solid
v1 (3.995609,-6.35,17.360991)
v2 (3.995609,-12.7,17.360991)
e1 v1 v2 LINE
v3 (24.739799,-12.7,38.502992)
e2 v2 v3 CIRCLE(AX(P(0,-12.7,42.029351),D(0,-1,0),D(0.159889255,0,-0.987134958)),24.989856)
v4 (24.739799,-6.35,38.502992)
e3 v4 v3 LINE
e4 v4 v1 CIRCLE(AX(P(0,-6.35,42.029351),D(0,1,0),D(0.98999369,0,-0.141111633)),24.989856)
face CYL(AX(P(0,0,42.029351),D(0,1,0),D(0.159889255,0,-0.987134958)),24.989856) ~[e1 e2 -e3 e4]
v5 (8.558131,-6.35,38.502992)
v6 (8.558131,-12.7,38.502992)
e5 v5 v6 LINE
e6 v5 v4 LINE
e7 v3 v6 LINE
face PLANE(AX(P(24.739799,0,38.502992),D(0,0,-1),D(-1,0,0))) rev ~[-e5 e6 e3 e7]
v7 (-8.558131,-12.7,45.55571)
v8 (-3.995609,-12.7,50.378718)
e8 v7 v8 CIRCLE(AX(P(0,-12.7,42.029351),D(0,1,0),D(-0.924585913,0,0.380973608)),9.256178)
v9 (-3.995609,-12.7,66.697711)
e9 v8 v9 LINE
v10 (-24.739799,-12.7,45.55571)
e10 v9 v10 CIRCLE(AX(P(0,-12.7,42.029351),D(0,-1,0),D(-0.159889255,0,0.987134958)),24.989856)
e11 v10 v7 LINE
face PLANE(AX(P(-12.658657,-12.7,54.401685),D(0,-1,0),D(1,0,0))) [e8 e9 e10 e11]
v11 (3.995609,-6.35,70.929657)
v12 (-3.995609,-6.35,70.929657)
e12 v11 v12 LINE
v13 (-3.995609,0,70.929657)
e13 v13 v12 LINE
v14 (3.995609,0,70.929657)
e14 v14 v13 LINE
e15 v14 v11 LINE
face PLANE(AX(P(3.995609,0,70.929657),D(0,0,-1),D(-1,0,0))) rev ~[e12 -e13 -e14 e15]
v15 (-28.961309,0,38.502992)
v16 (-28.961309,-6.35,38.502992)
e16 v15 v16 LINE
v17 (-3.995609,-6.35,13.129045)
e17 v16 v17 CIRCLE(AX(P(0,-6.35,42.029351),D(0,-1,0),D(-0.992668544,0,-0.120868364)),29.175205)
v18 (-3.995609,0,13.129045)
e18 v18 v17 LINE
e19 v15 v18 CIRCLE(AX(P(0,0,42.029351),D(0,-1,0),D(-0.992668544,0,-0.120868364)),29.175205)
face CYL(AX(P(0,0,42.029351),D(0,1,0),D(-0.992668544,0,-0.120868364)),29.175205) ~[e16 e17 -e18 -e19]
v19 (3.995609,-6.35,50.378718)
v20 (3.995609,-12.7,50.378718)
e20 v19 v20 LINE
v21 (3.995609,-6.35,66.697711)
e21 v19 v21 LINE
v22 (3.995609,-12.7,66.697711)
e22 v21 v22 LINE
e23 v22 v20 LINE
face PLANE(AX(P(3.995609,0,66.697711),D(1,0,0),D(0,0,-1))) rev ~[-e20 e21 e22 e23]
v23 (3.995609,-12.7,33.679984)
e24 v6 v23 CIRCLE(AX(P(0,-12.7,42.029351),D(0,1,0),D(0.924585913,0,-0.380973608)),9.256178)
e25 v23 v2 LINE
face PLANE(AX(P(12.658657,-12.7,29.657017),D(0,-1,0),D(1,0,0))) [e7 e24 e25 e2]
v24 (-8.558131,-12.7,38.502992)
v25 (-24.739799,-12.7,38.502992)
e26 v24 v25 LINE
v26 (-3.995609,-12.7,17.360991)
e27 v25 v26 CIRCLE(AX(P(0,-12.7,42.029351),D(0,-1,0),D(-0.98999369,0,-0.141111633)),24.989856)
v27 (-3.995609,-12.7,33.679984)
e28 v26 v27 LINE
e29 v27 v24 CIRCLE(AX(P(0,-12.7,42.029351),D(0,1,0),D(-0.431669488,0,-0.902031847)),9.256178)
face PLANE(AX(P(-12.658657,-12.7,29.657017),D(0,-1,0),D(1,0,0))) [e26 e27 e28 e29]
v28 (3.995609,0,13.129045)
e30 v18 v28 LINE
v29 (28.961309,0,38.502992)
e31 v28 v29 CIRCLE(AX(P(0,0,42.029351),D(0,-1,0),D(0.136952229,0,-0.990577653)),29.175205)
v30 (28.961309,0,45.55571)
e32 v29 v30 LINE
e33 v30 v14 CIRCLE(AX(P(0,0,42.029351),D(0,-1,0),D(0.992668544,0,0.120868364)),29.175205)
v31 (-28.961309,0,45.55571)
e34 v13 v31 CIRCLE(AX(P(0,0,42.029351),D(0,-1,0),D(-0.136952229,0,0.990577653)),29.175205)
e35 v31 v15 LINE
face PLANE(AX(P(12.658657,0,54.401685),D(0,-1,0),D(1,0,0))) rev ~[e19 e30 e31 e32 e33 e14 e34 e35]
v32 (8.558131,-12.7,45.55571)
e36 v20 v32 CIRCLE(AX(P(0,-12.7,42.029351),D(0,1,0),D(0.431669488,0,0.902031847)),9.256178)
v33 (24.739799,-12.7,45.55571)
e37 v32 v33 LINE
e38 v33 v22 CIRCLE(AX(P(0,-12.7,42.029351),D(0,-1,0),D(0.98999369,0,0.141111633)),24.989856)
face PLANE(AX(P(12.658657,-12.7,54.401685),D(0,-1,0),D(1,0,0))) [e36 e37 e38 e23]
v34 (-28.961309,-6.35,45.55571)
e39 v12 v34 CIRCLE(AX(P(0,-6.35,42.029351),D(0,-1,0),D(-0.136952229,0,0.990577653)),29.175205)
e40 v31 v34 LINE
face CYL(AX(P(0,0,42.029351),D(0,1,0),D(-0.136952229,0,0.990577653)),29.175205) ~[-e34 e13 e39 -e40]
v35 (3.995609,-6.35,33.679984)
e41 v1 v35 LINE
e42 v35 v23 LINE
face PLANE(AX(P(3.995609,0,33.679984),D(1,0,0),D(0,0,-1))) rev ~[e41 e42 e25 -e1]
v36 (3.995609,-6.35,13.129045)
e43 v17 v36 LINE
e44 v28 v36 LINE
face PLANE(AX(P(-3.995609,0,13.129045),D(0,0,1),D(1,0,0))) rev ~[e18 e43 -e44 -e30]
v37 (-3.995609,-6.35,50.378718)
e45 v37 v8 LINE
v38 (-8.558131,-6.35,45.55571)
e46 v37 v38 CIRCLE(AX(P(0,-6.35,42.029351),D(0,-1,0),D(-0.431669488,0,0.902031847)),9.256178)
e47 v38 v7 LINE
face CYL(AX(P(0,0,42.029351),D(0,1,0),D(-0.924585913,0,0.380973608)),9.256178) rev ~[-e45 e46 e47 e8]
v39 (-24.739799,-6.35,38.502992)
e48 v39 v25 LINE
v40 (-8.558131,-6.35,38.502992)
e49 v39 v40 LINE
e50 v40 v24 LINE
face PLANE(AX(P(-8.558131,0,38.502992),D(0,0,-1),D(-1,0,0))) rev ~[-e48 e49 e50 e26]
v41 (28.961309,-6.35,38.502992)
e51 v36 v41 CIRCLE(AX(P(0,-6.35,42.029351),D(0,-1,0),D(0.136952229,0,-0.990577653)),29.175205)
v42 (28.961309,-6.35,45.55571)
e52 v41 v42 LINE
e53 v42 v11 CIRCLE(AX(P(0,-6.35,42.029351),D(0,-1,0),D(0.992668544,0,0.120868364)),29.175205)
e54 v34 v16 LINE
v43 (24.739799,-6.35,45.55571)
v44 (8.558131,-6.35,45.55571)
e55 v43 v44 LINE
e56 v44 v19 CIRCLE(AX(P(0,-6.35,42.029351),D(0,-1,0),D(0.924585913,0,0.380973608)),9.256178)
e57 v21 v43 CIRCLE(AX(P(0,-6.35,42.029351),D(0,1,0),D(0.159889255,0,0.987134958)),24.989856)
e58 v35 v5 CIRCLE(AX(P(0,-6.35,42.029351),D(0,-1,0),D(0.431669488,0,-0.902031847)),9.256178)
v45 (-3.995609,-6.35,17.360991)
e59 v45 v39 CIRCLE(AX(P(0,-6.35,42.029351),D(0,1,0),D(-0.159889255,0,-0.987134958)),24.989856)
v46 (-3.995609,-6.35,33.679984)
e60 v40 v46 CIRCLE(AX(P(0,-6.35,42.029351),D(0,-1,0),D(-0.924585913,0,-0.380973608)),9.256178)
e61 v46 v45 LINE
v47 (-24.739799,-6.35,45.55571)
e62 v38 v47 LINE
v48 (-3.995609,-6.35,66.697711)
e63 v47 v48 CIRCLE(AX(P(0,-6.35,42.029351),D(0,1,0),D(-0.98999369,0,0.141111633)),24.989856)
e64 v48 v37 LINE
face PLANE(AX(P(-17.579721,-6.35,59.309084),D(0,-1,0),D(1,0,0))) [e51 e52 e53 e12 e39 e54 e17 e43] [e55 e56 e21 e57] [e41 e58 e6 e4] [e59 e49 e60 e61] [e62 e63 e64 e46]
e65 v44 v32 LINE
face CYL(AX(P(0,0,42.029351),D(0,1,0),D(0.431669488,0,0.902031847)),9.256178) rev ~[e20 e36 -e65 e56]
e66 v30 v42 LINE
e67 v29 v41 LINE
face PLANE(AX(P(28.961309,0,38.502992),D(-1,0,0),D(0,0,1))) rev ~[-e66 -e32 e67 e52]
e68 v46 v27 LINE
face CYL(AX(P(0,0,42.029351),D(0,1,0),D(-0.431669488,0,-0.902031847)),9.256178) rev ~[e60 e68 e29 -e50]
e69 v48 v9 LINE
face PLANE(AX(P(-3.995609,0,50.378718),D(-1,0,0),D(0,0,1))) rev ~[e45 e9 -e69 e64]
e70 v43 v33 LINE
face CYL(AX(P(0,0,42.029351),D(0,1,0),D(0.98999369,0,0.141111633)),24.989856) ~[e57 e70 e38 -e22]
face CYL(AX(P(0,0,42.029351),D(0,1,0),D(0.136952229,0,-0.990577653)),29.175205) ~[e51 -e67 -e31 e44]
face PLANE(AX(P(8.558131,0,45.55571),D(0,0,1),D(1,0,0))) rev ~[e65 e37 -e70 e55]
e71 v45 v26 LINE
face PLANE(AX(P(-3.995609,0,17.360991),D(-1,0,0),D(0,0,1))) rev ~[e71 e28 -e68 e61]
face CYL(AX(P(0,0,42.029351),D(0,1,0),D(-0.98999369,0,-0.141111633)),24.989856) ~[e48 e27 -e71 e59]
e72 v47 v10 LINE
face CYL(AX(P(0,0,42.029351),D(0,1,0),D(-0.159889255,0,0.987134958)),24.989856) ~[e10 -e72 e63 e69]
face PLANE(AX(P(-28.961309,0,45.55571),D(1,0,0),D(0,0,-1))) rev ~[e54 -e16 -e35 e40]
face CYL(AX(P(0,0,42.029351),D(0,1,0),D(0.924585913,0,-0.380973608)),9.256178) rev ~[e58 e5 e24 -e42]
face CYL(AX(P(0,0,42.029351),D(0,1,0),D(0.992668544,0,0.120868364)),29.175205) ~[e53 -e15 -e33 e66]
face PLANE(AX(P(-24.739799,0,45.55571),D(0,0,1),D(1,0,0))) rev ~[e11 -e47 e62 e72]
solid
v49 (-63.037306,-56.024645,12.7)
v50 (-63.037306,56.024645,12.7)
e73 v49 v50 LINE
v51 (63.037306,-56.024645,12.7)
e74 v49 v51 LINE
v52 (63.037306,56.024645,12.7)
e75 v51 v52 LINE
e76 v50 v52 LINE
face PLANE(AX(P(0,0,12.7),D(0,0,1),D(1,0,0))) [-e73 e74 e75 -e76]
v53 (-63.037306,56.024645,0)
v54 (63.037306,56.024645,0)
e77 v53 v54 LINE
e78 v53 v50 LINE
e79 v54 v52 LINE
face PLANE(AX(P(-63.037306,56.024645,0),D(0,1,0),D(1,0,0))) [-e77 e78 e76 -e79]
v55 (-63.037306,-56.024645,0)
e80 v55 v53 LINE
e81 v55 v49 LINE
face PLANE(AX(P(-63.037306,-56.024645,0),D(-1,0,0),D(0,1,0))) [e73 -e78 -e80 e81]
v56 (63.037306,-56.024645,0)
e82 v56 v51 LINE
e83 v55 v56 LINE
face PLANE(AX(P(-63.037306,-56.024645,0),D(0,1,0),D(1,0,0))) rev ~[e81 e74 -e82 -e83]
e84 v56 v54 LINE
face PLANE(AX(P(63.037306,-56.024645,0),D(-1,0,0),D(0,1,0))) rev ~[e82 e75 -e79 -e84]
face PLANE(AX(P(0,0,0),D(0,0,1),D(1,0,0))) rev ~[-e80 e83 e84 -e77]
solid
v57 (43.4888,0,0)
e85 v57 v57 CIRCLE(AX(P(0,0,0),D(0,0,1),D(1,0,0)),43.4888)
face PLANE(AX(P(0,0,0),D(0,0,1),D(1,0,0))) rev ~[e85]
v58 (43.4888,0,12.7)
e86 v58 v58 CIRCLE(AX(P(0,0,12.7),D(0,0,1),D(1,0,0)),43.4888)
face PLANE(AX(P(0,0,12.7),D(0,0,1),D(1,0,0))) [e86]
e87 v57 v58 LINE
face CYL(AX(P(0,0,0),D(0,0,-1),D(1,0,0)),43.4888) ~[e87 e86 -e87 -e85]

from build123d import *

# Parameters (mm, degrees)
F0_W     = 126.0746121407
F0_H     = 112.0492890477
F0_R     = 43.4887997988
F1_DEPTH = 12.7
F2_W     = 7.9912188114
F2_H     = 7.0527186902
F3_DEPTH = 6.35
F4_DEPTH = 6.35
F5_DEPTH = 12.7
F6_DEPTH = 6.35
F7_DEPTH = 12.7


with BuildPart() as f1:
    # F0 (on Top) → F1 (new body)
    with BuildSketch(Plane.XY):
        Rectangle(F0_W, F0_H)
        Circle(F0_R, mode=Mode.SUBTRACT)
        Circle(F0_R)
    extrude(amount=F1_DEPTH)


with BuildPart() as f3:
    # F2 (on Front) → F3 (new body)
    with BuildSketch(Plane.XZ):
        with BuildLine():
            Line((-3.9956094057, 66.6977111369), (-3.9956094057, 70.9296574744))
            ThreePointArc((-3.9956094057, 70.9296574744), (-20.7966081428, 62.4913572227), (-28.961308652, 45.5557103411))
            Line((-28.961308652, 45.5557103411), (-24.73979944, 45.5557103411))
            ThreePointArc((-24.73979944, 45.5557103411), (-17.8375160769, 59.5312339452), (-3.9956094057, 66.6977111369))
        make_face()
        with BuildLine():
            ThreePointArc((-28.961308652, 38.5029916509), (-20.7966081428, 21.5673447693), (-3.9956094057, 13.1290445176))
            Line((-3.9956094057, 13.1290445176), (-3.9956094057, 17.3609908552))
            ThreePointArc((-3.9956094057, 17.3609908552), (-17.8375160769, 24.5274680468), (-24.73979944, 38.5029916509))
            Line((-24.73979944, 38.5029916509), (-28.961308652, 38.5029916509))
        make_face()
        with BuildLine():
            Line((-24.73979944, 45.5557103411), (-28.961308652, 45.5557103411))
            Line((-28.961308652, 45.5557103411), (-28.961308652, 38.5029916509))
            Line((-28.961308652, 38.5029916509), (-24.73979944, 38.5029916509))
            ThreePointArc((-24.73979944, 38.5029916509), (-24.9898556731, 42.029350996), (-24.73979944, 45.5557103411))
        make_face()
        with BuildLine():
            Line((-3.9956094057, 13.1290445176), (3.9956094057, 13.1290445176))
            Line((3.9956094057, 13.1290445176), (3.9956094057, 17.3609908552))
            ThreePointArc((3.9956094057, 17.3609908552), (0, 17.0394953229), (-3.9956094057, 17.3609908552))
            Line((-3.9956094057, 17.3609908552), (-3.9956094057, 13.1290445176))
        make_face()
        with BuildLine():
            ThreePointArc((3.9956094057, 13.1290445176), (20.7966081428, 21.5673447693), (28.961308652, 38.5029916509))
            Line((28.961308652, 38.5029916509), (24.73979944, 38.5029916509))
            ThreePointArc((24.73979944, 38.5029916509), (17.8375160769, 24.5274680468), (3.9956094057, 17.3609908552))
            Line((3.9956094057, 17.3609908552), (3.9956094057, 13.1290445176))
        make_face()
        with BuildLine():
            Line((24.73979944, 45.5557103411), (28.961308652, 45.5557103411))
            ThreePointArc((28.961308652, 45.5557103411), (20.7966081428, 62.4913572227), (3.9956094057, 70.9296574744))
            Line((3.9956094057, 70.9296574744), (3.9956094057, 66.6977111369))
            ThreePointArc((3.9956094057, 66.6977111369), (17.8375160769, 59.5312339452), (24.73979944, 45.5557103411))
        make_face()
        with BuildLine():
            Line((3.9956094057, 66.6977111369), (3.9956094057, 70.9296574744))
            Line((3.9956094057, 70.9296574744), (-3.9956094057, 70.9296574744))
            Line((-3.9956094057, 70.9296574744), (-3.9956094057, 66.6977111369))
            ThreePointArc((-3.9956094057, 66.6977111369), (0, 67.0192066691), (3.9956094057, 66.6977111369))
        make_face()
        with BuildLine():
            Line((28.961308652, 38.5029916509), (28.961308652, 45.5557103411))
            Line((28.961308652, 45.5557103411), (24.73979944, 45.5557103411))
            ThreePointArc((24.73979944, 45.5557103411), (24.9272632267, 43.796958019), (24.9898556731, 42.029350996))
            ThreePointArc((24.9898556731, 42.029350996), (24.9272632267, 40.2617439731), (24.73979944, 38.5029916509))
            Line((24.73979944, 38.5029916509), (28.961308652, 38.5029916509))
        make_face()
        with BuildLine():
            Line((3.9956094057, 50.3787178999), (3.9956094057, 66.6977111369))
            ThreePointArc((3.9956094057, 66.6977111369), (0, 67.0192066691), (-3.9956094057, 66.6977111369))
            Line((-3.9956094057, 66.6977111369), (-3.9956094057, 50.3787178999))
            ThreePointArc((-3.9956094057, 50.3787178999), (0, 51.2855285126), (3.9956094057, 50.3787178999))
        make_face()
        with BuildLine():
            Line((3.9956094057, 45.5557103411), (3.9956094057, 50.3787178999))
            ThreePointArc((3.9956094057, 50.3787178999), (0, 51.2855285126), (-3.9956094057, 50.3787178999))
            Line((-3.9956094057, 50.3787178999), (-3.9956094057, 45.5557103411))
            Line((-3.9956094057, 45.5557103411), (3.9956094057, 45.5557103411))
        make_face()
        with Locations((0, 42.029350996)):
            Rectangle(F2_W, F2_H)
        with BuildLine():
            ThreePointArc((-3.9956094057, 33.6799840921), (0, 32.7731734794), (3.9956094057, 33.6799840921))
            Line((3.9956094057, 33.6799840921), (3.9956094057, 38.5029916509))
            Line((3.9956094057, 38.5029916509), (-3.9956094057, 38.5029916509))
            Line((-3.9956094057, 38.5029916509), (-3.9956094057, 33.6799840921))
        make_face()
        with BuildLine():
            ThreePointArc((9.2561775166, 42.029350996), (9.0799891269, 43.8267434614), (8.5581313374, 45.5557103411))
            Line((8.5581313374, 45.5557103411), (3.9956094057, 45.5557103411))
            Line((3.9956094057, 45.5557103411), (3.9956094057, 38.5029916509))
            Line((3.9956094057, 38.5029916509), (8.5581313374, 38.5029916509))
            ThreePointArc((8.5581313374, 38.5029916509), (9.0799891269, 40.2319585306), (9.2561775166, 42.029350996))
        make_face()
        with BuildLine():
            Line((3.9956094057, 45.5557103411), (8.5581313374, 45.5557103411))
            ThreePointArc((8.5581313374, 45.5557103411), (6.7241692527, 48.3903548539), (3.9956094057, 50.3787178999))
            Line((3.9956094057, 50.3787178999), (3.9956094057, 45.5557103411))
        make_face()
        with BuildLine():
            ThreePointArc((3.9956094057, 33.6799840921), (6.7241692527, 35.6683471382), (8.5581313374, 38.5029916509))
            Line((8.5581313374, 38.5029916509), (3.9956094057, 38.5029916509))
            Line((3.9956094057, 38.5029916509), (3.9956094057, 33.6799840921))
        make_face()
        with BuildLine():
            ThreePointArc((-8.5581313374, 38.5029916509), (-6.7241692527, 35.6683471382), (-3.9956094057, 33.6799840921))
            Line((-3.9956094057, 33.6799840921), (-3.9956094057, 38.5029916509))
            Line((-3.9956094057, 38.5029916509), (-8.5581313374, 38.5029916509))
        make_face()
        with BuildLine():
            Line((-3.9956094057, 38.5029916509), (-3.9956094057, 45.5557103411))
            Line((-3.9956094057, 45.5557103411), (-8.5581313374, 45.5557103411))
            ThreePointArc((-8.5581313374, 45.5557103411), (-9.2561775166, 42.029350996), (-8.5581313374, 38.5029916509))
            Line((-8.5581313374, 38.5029916509), (-3.9956094057, 38.5029916509))
        make_face()
        with BuildLine():
            Line((-3.9956094057, 45.5557103411), (-3.9956094057, 50.3787178999))
            ThreePointArc((-3.9956094057, 50.3787178999), (-6.7241692527, 48.3903548539), (-8.5581313374, 45.5557103411))
            Line((-8.5581313374, 45.5557103411), (-3.9956094057, 45.5557103411))
        make_face()
        with BuildLine():
            Line((-8.5581313374, 45.5557103411), (-24.73979944, 45.5557103411))
            ThreePointArc((-24.73979944, 45.5557103411), (-24.9898556731, 42.029350996), (-24.73979944, 38.5029916509))
            Line((-24.73979944, 38.5029916509), (-8.5581313374, 38.5029916509))
            ThreePointArc((-8.5581313374, 38.5029916509), (-9.2561775166, 42.029350996), (-8.5581313374, 45.5557103411))
        make_face()
        with BuildLine():
            ThreePointArc((-3.9956094057, 17.3609908552), (0, 17.0394953229), (3.9956094057, 17.3609908552))
            Line((3.9956094057, 17.3609908552), (3.9956094057, 33.6799840921))
            ThreePointArc((3.9956094057, 33.6799840921), (0, 32.7731734794), (-3.9956094057, 33.6799840921))
            Line((-3.9956094057, 33.6799840921), (-3.9956094057, 17.3609908552))
        make_face()
        with BuildLine():
            ThreePointArc((24.9898556731, 42.029350996), (24.9272632267, 43.796958019), (24.73979944, 45.5557103411))
            Line((24.73979944, 45.5557103411), (8.5581313374, 45.5557103411))
            ThreePointArc((8.5581313374, 45.5557103411), (9.0799891269, 43.8267434614), (9.2561775166, 42.029350996))
            ThreePointArc((9.2561775166, 42.029350996), (9.0799891269, 40.2319585306), (8.5581313374, 38.5029916509))
            Line((8.5581313374, 38.5029916509), (24.73979944, 38.5029916509))
            ThreePointArc((24.73979944, 38.5029916509), (24.9272632267, 40.2617439731), (24.9898556731, 42.029350996))
        make_face()
    extrude(amount=F3_DEPTH)

    # F4 (add): a face of the model
    f4_faces = [f3.faces().sort_by_distance(p)[0] for p in [
        (0, -6.35, 42.029350996),
    ]]
    extrude(f4_faces, amount=-F4_DEPTH)

    # F2 (on Front) → F5 (join)
    with BuildSketch(Plane.XZ):
        with BuildLine():
            Line((-3.9956094057, 50.3787178999), (-3.9956094057, 66.6977111369))
            ThreePointArc((-3.9956094057, 66.6977111369), (-17.8375160769, 59.5312339452), (-24.73979944, 45.5557103411))
            Line((-24.73979944, 45.5557103411), (-8.5581313374, 45.5557103411))
            ThreePointArc((-8.5581313374, 45.5557103411), (-6.7241692527, 48.3903548539), (-3.9956094057, 50.3787178999))
        make_face()
        with BuildLine():
            Line((8.5581313374, 45.5557103411), (24.73979944, 45.5557103411))
            ThreePointArc((24.73979944, 45.5557103411), (17.8375160769, 59.5312339452), (3.9956094057, 66.6977111369))
            Line((3.9956094057, 66.6977111369), (3.9956094057, 50.3787178999))
            ThreePointArc((3.9956094057, 50.3787178999), (6.7241692527, 48.3903548539), (8.5581313374, 45.5557103411))
        make_face()
        with BuildLine():
            ThreePointArc((3.9956094057, 17.3609908552), (17.8375160769, 24.5274680468), (24.73979944, 38.5029916509))
            Line((24.73979944, 38.5029916509), (8.5581313374, 38.5029916509))
            ThreePointArc((8.5581313374, 38.5029916509), (6.7241692527, 35.6683471382), (3.9956094057, 33.6799840921))
            Line((3.9956094057, 33.6799840921), (3.9956094057, 17.3609908552))
        make_face()
        with BuildLine():
            ThreePointArc((-24.73979944, 38.5029916509), (-17.8375160769, 24.5274680468), (-3.9956094057, 17.3609908552))
            Line((-3.9956094057, 17.3609908552), (-3.9956094057, 33.6799840921))
            ThreePointArc((-3.9956094057, 33.6799840921), (-6.7241692527, 35.6683471382), (-8.5581313374, 38.5029916509))
            Line((-8.5581313374, 38.5029916509), (-24.73979944, 38.5029916509))
        make_face()
    extrude(amount=F5_DEPTH)

    # F2 (on Front) → F6 (join)
    with BuildSketch(Plane.XZ):
        with BuildLine():
            Line((8.5581313374, 45.5557103411), (24.73979944, 45.5557103411))
            ThreePointArc((24.73979944, 45.5557103411), (17.8375160769, 59.5312339452), (3.9956094057, 66.6977111369))
            Line((3.9956094057, 66.6977111369), (3.9956094057, 50.3787178999))
            ThreePointArc((3.9956094057, 50.3787178999), (6.7241692527, 48.3903548539), (8.5581313374, 45.5557103411))
        make_face()
        with BuildLine():
            Line((-3.9956094057, 50.3787178999), (-3.9956094057, 66.6977111369))
            ThreePointArc((-3.9956094057, 66.6977111369), (-17.8375160769, 59.5312339452), (-24.73979944, 45.5557103411))
            Line((-24.73979944, 45.5557103411), (-8.5581313374, 45.5557103411))
            ThreePointArc((-8.5581313374, 45.5557103411), (-6.7241692527, 48.3903548539), (-3.9956094057, 50.3787178999))
        make_face()
        with BuildLine():
            ThreePointArc((-24.73979944, 38.5029916509), (-17.8375160769, 24.5274680468), (-3.9956094057, 17.3609908552))
            Line((-3.9956094057, 17.3609908552), (-3.9956094057, 33.6799840921))
            ThreePointArc((-3.9956094057, 33.6799840921), (-6.7241692527, 35.6683471382), (-8.5581313374, 38.5029916509))
            Line((-8.5581313374, 38.5029916509), (-24.73979944, 38.5029916509))
        make_face()
        with BuildLine():
            ThreePointArc((3.9956094057, 17.3609908552), (17.8375160769, 24.5274680468), (24.73979944, 38.5029916509))
            Line((24.73979944, 38.5029916509), (8.5581313374, 38.5029916509))
            ThreePointArc((8.5581313374, 38.5029916509), (6.7241692527, 35.6683471382), (3.9956094057, 33.6799840921))
            Line((3.9956094057, 33.6799840921), (3.9956094057, 17.3609908552))
        make_face()
    extrude(amount=F6_DEPTH)


with BuildPart() as f7:
    # F0 (on Top) → F7 (new body)
    with BuildSketch(Plane.XY):
        Circle(F0_R)
    extrude(amount=F7_DEPTH)


solid = Compound([f1.part, f3.part, f7.part])
